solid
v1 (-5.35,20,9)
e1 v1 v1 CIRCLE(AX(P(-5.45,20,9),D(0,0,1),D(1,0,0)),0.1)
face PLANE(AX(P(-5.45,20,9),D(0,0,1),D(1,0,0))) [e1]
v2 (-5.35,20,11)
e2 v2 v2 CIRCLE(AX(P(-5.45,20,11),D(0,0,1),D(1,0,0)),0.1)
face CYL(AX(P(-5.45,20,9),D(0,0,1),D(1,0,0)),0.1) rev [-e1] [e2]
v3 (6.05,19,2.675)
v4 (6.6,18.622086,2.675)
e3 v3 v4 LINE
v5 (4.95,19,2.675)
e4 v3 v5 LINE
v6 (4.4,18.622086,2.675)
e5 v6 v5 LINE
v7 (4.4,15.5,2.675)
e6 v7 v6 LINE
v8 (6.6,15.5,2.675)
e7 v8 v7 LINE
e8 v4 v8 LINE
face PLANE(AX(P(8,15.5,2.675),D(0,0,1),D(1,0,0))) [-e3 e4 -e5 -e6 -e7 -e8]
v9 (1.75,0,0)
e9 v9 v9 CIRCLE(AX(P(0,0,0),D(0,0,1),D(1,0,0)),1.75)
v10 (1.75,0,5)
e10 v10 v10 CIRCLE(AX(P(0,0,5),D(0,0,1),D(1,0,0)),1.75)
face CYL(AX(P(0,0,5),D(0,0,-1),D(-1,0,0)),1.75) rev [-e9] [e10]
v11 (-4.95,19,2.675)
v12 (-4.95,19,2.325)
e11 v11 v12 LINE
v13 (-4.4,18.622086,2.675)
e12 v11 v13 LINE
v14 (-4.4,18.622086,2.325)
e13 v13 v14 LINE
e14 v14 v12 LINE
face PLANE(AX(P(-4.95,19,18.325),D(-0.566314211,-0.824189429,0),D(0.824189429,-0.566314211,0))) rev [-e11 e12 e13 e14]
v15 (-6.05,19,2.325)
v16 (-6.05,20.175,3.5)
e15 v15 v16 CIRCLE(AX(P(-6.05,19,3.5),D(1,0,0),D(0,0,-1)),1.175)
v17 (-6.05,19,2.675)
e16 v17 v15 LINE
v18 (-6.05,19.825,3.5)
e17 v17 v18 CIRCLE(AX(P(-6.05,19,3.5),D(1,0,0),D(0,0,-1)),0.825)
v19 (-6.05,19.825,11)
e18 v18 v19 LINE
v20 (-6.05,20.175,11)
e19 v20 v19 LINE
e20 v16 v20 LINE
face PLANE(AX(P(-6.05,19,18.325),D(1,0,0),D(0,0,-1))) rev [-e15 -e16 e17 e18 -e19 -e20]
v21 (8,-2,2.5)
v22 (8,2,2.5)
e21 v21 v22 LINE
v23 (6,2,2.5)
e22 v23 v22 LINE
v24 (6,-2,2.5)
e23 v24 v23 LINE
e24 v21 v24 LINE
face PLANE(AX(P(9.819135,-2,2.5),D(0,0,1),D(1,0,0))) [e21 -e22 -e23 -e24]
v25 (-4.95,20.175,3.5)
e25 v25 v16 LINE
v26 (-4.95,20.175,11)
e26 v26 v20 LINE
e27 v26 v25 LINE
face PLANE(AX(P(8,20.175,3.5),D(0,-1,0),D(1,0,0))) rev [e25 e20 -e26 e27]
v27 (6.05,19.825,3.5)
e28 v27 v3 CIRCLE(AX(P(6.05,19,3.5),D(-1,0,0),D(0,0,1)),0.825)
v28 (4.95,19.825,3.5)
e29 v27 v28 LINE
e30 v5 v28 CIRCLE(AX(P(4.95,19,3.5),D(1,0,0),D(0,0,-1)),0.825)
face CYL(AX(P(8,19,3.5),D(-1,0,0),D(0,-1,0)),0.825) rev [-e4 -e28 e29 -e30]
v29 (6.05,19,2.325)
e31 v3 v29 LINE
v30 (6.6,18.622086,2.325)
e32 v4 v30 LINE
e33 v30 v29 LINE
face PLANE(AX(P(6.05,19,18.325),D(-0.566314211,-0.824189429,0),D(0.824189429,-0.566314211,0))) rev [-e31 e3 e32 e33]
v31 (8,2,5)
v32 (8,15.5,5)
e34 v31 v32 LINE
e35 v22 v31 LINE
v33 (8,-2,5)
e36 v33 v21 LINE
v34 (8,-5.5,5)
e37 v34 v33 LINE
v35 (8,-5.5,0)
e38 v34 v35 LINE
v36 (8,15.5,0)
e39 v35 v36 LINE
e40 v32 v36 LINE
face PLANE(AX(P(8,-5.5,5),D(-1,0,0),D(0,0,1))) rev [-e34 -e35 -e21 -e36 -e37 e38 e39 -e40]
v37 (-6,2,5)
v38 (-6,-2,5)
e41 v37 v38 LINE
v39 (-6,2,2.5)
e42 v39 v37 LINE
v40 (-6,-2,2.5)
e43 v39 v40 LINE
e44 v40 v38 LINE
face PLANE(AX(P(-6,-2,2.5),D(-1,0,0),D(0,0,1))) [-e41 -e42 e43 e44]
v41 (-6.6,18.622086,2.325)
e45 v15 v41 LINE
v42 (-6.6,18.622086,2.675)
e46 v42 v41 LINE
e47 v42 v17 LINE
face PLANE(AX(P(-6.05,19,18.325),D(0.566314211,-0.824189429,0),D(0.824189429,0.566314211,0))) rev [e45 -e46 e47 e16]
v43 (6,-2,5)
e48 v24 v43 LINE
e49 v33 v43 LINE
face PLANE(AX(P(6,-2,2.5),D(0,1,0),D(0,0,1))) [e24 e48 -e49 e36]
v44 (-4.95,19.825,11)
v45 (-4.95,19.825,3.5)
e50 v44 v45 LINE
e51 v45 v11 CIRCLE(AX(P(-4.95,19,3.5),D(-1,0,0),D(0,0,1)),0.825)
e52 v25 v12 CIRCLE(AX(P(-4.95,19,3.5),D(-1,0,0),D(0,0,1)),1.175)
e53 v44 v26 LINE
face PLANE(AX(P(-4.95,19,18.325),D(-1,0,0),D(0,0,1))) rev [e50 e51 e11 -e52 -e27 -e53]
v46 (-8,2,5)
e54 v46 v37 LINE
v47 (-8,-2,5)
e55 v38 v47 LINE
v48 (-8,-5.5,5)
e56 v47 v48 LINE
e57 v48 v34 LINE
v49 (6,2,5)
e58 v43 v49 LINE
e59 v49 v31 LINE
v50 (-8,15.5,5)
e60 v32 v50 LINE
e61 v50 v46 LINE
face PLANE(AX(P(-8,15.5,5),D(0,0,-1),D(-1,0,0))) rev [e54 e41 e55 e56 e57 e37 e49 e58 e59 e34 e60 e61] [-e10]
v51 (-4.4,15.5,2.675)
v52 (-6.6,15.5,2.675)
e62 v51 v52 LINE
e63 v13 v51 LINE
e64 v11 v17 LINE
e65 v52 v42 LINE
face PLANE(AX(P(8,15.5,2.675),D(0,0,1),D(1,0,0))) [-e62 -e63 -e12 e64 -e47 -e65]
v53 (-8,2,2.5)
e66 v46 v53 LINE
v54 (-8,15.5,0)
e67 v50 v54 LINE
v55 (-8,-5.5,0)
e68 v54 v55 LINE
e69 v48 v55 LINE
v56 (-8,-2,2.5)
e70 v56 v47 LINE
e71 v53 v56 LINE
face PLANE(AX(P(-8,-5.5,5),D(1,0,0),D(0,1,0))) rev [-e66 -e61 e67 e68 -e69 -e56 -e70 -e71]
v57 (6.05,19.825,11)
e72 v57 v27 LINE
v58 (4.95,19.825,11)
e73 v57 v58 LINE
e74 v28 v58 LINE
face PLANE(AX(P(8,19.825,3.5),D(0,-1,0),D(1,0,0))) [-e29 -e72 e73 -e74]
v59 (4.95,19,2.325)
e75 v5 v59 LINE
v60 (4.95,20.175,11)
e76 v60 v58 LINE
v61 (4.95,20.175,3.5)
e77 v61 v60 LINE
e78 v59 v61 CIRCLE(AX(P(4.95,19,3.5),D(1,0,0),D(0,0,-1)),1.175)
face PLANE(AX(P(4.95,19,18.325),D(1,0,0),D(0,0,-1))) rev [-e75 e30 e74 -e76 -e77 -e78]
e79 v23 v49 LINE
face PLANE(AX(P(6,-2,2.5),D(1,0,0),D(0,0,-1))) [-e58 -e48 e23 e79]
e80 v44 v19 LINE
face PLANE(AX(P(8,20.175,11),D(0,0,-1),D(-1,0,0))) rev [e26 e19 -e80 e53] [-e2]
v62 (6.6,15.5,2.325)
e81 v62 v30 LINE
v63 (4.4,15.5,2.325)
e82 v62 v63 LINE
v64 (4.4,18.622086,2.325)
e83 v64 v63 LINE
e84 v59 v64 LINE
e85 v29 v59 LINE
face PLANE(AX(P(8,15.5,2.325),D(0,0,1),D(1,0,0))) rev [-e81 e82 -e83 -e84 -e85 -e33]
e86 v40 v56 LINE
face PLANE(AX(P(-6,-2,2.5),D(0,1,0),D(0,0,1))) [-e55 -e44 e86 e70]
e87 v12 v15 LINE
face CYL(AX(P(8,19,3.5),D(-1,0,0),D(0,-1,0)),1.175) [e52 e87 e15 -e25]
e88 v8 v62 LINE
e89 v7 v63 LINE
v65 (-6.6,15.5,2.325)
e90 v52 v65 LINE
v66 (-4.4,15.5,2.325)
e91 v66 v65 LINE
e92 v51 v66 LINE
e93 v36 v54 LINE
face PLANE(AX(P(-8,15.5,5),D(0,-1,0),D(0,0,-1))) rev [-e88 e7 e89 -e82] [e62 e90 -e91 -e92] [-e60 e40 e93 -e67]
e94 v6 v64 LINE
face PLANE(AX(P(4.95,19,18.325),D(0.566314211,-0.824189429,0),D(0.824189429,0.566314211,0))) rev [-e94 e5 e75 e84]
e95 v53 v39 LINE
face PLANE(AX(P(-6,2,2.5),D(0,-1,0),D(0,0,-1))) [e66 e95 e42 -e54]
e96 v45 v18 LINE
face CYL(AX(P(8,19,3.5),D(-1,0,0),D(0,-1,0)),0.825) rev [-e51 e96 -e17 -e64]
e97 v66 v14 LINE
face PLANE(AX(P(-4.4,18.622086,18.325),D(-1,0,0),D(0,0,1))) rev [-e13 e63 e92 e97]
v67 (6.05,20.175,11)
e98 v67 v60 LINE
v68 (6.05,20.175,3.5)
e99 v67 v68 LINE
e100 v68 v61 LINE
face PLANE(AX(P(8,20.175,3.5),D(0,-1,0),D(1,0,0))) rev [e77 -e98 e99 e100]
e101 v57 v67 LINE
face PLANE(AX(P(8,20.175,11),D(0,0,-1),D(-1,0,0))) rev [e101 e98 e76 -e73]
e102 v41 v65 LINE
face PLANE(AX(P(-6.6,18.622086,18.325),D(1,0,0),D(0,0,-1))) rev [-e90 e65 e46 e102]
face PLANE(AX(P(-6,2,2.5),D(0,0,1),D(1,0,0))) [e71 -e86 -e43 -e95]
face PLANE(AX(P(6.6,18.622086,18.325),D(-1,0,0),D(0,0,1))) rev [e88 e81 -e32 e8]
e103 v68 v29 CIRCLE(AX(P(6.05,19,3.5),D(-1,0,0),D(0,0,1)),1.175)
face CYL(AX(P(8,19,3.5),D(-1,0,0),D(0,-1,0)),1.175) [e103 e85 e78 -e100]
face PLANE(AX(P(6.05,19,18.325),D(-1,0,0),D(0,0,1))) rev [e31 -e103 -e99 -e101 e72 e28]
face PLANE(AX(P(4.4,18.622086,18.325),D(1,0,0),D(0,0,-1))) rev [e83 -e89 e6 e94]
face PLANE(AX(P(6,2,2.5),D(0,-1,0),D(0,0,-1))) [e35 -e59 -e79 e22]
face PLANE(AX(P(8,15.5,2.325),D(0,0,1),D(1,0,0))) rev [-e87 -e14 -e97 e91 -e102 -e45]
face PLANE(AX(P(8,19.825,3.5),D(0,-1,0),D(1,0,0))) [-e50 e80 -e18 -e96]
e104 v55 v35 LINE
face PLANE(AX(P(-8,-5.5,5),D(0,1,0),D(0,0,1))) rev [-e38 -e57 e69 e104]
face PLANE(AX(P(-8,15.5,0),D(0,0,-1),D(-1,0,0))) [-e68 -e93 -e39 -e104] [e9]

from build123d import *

# Parameters (mm, degrees)
SKETCH_1_W          = 16
SKETCH_1_H          = 21
SKETCH_1_R          = 1.75
EXTRUDE_1_DEPTH     = 5
EXTRUDE_1_2_DEPTH   = 16
CUT_EXTRUDE_1_DEPTH = 16
SKETCH_4_W          = 3.81913455
SKETCH_4_H          = 4
CUT_EXTRUDE_2_DEPTH = 2.5
SKETCH_5_R          = 0.1
CUT_EXTRUDE_3_DEPTH = 2
SKETCH_6_W          = 6.153050109
SKETCH_6_H          = 6.032352941
CUT_EXTRUDE_4_DEPTH = 10


with BuildPart() as part:
    # Эскиз1 → Extrude 1 (new body)
    with BuildSketch(Plane.XY):
        with Locations((0, 5)):
            Rectangle(SKETCH_1_W, SKETCH_1_H)
        Circle(SKETCH_1_R, mode=Mode.SUBTRACT)
    extrude(amount=EXTRUDE_1_DEPTH)

    # Эскиз2 → Extrude 1 2 (add)
    with BuildSketch(Plane.ZY.offset(8)):
        with BuildLine():
            Line((2.675, 15.5), (2.675, 19))
            ThreePointArc((2.675, 19), (2.916636906, 19.583363094), (3.5, 19.825))
            Line((3.5, 19.825), (11, 19.825))
            Line((11, 19.825), (11, 20.175))
            Line((11, 20.175), (3.5, 20.175))
            ThreePointArc((3.5, 20.175), (2.669149532, 19.830850468), (2.325, 19))
            Line((2.325, 19), (2.325, 15.5))
            Line((2.325, 15.5), (2.675, 15.5))
        make_face()
    extrude(amount=-EXTRUDE_1_2_DEPTH)

    # Эскиз3 → Вырез-Вытянуть1 (cut)
    with BuildSketch(Plane(origin=(0, 0, 2.325), x_dir=(-1, 0, 0), z_dir=(0, 0, -1))):
        Polygon((-1.75, 15.5), (-1.75, 18.5), (-0.55, 19), (-0.55, 20.937907948), (-4.95, 20.937907948), (-4.95, 19), (-4.4, 18.622085888), (-4.4, 15.5), align=None)
        Polygon((0.55, 19), (0.55, 20.937907948), (4.95, 20.937907948), (4.95, 19), (4.4, 18.622085888), (4.4, 15.5), (1.75, 15.5), (1.75, 18.5), align=None)
        Polygon((-6.05, 19), (-6.05, 20.937907948), (-9.320905805, 20.937907948), (-9.320905805, 15.5), (-6.6, 15.5), (-6.6, 18.622085888), align=None)
        Polygon((6.05, 19), (6.05, 20.937907948), (9.499807758, 20.937907948), (9.499807758, 15.5), (6.6, 15.5), (6.6, 18.622085888), align=None)
    extrude(amount=-CUT_EXTRUDE_1_DEPTH, mode=Mode.SUBTRACT)

    # Эскиз4 → Вырез-Вытянуть2 (cut)
    with BuildSketch(Plane(origin=(0, 0, 5), x_dir=(-1, 0, 0), z_dir=(0, 0, -1))):
        with Locations((7.909567275, 0)):
            Rectangle(SKETCH_4_W, SKETCH_4_H)
        with Locations((-7.909567275, 0)):
            Rectangle(SKETCH_4_W, SKETCH_4_H)
    extrude(amount=CUT_EXTRUDE_2_DEPTH, mode=Mode.SUBTRACT)

    # Эскиз5 → Вырез-Вытянуть3 (cut)
    with BuildSketch(Plane.XY.offset(11)):
        with Locations((-5.45, 20)):
            Circle(SKETCH_5_R)
    extrude(amount=-CUT_EXTRUDE_3_DEPTH, mode=Mode.SUBTRACT)

    # Эскиз6 → Вырез-Вытянуть4 (cut)
    with BuildSketch(Plane(origin=(0, 0, 2.325), x_dir=(-1, 0, 0), z_dir=(0, 0, -1))):
        with Locations((0.350490197, 18.516176471)):
            Rectangle(SKETCH_6_W, SKETCH_6_H)
    extrude(amount=-CUT_EXTRUDE_4_DEPTH, mode=Mode.SUBTRACT)


solid = part.part
